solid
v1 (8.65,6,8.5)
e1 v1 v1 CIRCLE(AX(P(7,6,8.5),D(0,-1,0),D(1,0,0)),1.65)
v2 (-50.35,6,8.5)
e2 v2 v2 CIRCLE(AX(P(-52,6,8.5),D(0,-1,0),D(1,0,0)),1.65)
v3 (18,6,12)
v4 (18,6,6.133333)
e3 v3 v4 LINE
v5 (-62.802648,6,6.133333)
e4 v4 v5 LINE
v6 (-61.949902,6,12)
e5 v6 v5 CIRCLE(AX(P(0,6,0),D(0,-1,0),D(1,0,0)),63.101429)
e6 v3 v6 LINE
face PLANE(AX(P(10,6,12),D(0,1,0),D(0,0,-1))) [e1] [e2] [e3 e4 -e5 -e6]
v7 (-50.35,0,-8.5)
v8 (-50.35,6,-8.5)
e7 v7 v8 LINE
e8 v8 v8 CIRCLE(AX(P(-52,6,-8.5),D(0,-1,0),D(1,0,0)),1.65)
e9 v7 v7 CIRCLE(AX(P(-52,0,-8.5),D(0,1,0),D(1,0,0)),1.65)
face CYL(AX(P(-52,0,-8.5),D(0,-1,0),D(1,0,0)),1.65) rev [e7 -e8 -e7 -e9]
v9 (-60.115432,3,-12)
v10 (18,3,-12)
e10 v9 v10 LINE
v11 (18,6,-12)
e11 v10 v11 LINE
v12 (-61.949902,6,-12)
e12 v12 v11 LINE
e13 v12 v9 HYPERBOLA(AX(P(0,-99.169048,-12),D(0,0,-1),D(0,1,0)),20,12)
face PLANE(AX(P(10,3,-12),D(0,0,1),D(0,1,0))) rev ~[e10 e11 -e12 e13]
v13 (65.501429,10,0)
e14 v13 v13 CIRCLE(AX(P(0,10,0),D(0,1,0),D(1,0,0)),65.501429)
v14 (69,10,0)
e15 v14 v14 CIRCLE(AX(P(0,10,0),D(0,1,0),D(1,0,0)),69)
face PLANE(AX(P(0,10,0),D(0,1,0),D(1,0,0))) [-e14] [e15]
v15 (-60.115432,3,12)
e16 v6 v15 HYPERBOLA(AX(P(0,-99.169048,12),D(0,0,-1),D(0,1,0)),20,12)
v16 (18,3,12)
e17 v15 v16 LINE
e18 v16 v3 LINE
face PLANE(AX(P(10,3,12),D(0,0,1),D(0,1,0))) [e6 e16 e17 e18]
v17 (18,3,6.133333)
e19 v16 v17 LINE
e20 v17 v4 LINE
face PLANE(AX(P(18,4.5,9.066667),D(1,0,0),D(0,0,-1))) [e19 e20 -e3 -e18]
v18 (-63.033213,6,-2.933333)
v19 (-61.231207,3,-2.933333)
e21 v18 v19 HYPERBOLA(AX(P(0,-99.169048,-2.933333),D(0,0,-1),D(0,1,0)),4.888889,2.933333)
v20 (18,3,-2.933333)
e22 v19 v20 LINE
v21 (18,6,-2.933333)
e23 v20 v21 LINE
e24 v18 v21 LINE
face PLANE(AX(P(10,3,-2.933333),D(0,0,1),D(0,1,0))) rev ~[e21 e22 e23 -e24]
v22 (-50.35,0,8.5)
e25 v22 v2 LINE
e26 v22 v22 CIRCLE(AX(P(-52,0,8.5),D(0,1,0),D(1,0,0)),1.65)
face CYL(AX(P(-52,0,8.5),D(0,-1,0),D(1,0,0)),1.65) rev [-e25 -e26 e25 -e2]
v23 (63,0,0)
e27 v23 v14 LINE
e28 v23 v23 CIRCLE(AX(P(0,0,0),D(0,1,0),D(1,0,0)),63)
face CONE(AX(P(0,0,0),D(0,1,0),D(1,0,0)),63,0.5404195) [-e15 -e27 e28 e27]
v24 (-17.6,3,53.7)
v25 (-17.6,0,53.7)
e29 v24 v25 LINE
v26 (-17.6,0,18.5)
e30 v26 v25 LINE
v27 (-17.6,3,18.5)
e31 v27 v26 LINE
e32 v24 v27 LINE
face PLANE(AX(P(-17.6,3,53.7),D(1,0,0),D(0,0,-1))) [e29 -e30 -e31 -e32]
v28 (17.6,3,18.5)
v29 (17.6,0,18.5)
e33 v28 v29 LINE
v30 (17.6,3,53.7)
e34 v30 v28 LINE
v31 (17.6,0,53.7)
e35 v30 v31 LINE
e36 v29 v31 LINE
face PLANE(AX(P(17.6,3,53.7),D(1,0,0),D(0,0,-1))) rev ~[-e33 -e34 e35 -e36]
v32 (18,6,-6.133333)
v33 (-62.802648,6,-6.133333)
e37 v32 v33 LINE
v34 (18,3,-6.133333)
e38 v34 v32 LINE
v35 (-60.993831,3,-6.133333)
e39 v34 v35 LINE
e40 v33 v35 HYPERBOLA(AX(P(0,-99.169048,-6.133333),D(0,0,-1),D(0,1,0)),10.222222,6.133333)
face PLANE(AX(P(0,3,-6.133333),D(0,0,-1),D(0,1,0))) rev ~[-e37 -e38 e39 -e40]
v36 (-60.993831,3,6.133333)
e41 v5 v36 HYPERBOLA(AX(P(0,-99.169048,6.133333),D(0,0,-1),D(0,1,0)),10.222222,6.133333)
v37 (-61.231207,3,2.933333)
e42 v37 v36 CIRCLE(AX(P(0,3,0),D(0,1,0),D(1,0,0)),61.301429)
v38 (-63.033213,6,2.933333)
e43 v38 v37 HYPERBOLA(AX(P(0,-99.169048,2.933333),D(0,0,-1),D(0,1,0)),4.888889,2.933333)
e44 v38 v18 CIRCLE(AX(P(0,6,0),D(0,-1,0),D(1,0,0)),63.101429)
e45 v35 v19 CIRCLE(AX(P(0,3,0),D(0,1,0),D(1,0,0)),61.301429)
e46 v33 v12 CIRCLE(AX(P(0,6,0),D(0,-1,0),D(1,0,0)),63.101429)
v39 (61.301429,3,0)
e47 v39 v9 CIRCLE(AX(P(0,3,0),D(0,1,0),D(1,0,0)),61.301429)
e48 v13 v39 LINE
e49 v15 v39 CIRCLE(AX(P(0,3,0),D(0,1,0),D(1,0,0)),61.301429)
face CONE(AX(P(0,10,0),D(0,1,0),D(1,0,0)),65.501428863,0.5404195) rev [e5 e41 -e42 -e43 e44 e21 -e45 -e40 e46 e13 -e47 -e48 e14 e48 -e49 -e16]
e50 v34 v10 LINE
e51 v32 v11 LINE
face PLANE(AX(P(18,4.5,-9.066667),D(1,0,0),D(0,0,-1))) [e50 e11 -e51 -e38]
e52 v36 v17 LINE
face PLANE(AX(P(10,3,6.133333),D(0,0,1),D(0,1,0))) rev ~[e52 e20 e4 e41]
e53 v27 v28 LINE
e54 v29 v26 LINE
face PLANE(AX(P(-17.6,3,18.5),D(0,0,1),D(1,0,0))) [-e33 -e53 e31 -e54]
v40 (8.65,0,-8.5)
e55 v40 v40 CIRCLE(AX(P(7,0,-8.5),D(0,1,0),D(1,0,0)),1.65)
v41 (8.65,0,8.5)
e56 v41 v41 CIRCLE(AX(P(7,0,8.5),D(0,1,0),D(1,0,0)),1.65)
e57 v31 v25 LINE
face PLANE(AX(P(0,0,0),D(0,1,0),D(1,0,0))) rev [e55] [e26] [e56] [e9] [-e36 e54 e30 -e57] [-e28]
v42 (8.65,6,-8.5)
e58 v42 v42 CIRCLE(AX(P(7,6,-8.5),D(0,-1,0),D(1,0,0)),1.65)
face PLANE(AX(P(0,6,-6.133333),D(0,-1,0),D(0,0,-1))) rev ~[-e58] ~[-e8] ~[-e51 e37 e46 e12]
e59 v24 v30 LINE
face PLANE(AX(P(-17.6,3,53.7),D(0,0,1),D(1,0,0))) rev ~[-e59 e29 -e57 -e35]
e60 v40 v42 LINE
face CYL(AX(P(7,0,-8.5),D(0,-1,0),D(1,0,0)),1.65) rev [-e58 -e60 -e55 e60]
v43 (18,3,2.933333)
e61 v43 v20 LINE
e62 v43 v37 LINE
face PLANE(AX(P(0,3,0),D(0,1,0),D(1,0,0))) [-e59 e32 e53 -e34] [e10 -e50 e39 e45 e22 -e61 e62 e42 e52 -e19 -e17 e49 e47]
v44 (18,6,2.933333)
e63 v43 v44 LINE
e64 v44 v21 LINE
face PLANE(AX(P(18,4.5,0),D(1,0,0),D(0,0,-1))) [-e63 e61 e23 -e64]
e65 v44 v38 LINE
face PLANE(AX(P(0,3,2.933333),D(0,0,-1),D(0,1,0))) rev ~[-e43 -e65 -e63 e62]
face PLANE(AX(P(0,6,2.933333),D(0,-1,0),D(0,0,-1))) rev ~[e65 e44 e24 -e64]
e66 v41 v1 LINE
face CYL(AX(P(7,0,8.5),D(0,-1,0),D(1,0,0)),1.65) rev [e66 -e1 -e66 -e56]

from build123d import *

# Parameters (mm, degrees)
SKETCH2_W                = 35.2
SKETCH2_H                = 35.2
CUT_EXTRUDE1_DEPTH       = 4
SKETCH4_W                = 5.866666667
SKETCH4_H                = 3
SKETCH4_W_2              = 5.866666666
BOSS_EXTRUDE1_DEPTH      = 10
BOSS_EXTRUDE1_DEPTH_BACK = 63.5
SKETCH5_R                = 1.65
CUT_EXTRUDE2_DEPTH       = 11
SKETCH8_W                = 5.866666667
SKETCH8_H                = 3
SKETCH8_W_2              = 5.866666666
BOSS_EXTRUDE3_DEPTH      = 8


with BuildPart() as part:
    # Sketch1 → Revolve1 (revolve)
    with BuildSketch(Plane.XY):
        Polygon((0, 0), (63, 0), (69, 10), (65.501428863, 10), (61.301428863, 3), (0, 3), align=None)
    revolve(axis=Axis((0, 0, 0), (0, 1, 0)))

    # Sketch2 → Cut-Extrude1 (cut, through all)
    with BuildSketch(Plane(origin=(0, 3, 0), x_dir=(1, 0, 0), z_dir=(0, 1, 0))):
        with Locations((0, -36.1)):
            Rectangle(SKETCH2_W, SKETCH2_H)
    extrude(amount=-CUT_EXTRUDE1_DEPTH, mode=Mode.SUBTRACT)

    # Sketch4 → Boss-Extrude1 (add, two sides)
    with BuildSketch(Plane(origin=(0, 0, 0), x_dir=(0, 0, -1), z_dir=(1, 0, 0))) as boss_extrude1_sk:
        with Locations((-9.066666666, 4.5)):
            Rectangle(SKETCH4_W, SKETCH4_H)
        with Locations((0, 4.5)):
            Rectangle(SKETCH4_W_2, SKETCH4_H)
        with Locations((9.066666666, 4.5)):
            Rectangle(SKETCH4_W, SKETCH4_H)
    extrude(amount=BOSS_EXTRUDE1_DEPTH)
    extrude(boss_extrude1_sk.sketch, amount=-BOSS_EXTRUDE1_DEPTH_BACK)

    # Sketch5 → Cut-Extrude2 (cut, through all)
    with BuildSketch(Plane(origin=(0, 0, 0), x_dir=(1, 0, 0), z_dir=(0, 1, 0))):
        with Locations((7, -8.5)):
            Circle(SKETCH5_R)
        with Locations((7, 8.5)):
            Circle(SKETCH5_R)
        with Locations((-52, 8.5)):
            Circle(SKETCH5_R)
        with Locations((-52, -8.5)):
            Circle(SKETCH5_R)
    extrude(amount=CUT_EXTRUDE2_DEPTH, mode=Mode.SUBTRACT)

    # Sketch8 → Boss-Extrude3 (add)
    with BuildSketch(Plane(origin=(10, 0, 0), x_dir=(0, 0, -1), z_dir=(1, 0, 0))):
        with Locations((-9.066666666, 4.5)):
            Rectangle(SKETCH8_W, SKETCH8_H)
        with Locations((0, 4.5)):
            Rectangle(SKETCH8_W_2, SKETCH8_H)
        with Locations((9.066666666, 4.5)):
            Rectangle(SKETCH8_W, SKETCH8_H)
    extrude(amount=BOSS_EXTRUDE3_DEPTH)


solid = part.part
